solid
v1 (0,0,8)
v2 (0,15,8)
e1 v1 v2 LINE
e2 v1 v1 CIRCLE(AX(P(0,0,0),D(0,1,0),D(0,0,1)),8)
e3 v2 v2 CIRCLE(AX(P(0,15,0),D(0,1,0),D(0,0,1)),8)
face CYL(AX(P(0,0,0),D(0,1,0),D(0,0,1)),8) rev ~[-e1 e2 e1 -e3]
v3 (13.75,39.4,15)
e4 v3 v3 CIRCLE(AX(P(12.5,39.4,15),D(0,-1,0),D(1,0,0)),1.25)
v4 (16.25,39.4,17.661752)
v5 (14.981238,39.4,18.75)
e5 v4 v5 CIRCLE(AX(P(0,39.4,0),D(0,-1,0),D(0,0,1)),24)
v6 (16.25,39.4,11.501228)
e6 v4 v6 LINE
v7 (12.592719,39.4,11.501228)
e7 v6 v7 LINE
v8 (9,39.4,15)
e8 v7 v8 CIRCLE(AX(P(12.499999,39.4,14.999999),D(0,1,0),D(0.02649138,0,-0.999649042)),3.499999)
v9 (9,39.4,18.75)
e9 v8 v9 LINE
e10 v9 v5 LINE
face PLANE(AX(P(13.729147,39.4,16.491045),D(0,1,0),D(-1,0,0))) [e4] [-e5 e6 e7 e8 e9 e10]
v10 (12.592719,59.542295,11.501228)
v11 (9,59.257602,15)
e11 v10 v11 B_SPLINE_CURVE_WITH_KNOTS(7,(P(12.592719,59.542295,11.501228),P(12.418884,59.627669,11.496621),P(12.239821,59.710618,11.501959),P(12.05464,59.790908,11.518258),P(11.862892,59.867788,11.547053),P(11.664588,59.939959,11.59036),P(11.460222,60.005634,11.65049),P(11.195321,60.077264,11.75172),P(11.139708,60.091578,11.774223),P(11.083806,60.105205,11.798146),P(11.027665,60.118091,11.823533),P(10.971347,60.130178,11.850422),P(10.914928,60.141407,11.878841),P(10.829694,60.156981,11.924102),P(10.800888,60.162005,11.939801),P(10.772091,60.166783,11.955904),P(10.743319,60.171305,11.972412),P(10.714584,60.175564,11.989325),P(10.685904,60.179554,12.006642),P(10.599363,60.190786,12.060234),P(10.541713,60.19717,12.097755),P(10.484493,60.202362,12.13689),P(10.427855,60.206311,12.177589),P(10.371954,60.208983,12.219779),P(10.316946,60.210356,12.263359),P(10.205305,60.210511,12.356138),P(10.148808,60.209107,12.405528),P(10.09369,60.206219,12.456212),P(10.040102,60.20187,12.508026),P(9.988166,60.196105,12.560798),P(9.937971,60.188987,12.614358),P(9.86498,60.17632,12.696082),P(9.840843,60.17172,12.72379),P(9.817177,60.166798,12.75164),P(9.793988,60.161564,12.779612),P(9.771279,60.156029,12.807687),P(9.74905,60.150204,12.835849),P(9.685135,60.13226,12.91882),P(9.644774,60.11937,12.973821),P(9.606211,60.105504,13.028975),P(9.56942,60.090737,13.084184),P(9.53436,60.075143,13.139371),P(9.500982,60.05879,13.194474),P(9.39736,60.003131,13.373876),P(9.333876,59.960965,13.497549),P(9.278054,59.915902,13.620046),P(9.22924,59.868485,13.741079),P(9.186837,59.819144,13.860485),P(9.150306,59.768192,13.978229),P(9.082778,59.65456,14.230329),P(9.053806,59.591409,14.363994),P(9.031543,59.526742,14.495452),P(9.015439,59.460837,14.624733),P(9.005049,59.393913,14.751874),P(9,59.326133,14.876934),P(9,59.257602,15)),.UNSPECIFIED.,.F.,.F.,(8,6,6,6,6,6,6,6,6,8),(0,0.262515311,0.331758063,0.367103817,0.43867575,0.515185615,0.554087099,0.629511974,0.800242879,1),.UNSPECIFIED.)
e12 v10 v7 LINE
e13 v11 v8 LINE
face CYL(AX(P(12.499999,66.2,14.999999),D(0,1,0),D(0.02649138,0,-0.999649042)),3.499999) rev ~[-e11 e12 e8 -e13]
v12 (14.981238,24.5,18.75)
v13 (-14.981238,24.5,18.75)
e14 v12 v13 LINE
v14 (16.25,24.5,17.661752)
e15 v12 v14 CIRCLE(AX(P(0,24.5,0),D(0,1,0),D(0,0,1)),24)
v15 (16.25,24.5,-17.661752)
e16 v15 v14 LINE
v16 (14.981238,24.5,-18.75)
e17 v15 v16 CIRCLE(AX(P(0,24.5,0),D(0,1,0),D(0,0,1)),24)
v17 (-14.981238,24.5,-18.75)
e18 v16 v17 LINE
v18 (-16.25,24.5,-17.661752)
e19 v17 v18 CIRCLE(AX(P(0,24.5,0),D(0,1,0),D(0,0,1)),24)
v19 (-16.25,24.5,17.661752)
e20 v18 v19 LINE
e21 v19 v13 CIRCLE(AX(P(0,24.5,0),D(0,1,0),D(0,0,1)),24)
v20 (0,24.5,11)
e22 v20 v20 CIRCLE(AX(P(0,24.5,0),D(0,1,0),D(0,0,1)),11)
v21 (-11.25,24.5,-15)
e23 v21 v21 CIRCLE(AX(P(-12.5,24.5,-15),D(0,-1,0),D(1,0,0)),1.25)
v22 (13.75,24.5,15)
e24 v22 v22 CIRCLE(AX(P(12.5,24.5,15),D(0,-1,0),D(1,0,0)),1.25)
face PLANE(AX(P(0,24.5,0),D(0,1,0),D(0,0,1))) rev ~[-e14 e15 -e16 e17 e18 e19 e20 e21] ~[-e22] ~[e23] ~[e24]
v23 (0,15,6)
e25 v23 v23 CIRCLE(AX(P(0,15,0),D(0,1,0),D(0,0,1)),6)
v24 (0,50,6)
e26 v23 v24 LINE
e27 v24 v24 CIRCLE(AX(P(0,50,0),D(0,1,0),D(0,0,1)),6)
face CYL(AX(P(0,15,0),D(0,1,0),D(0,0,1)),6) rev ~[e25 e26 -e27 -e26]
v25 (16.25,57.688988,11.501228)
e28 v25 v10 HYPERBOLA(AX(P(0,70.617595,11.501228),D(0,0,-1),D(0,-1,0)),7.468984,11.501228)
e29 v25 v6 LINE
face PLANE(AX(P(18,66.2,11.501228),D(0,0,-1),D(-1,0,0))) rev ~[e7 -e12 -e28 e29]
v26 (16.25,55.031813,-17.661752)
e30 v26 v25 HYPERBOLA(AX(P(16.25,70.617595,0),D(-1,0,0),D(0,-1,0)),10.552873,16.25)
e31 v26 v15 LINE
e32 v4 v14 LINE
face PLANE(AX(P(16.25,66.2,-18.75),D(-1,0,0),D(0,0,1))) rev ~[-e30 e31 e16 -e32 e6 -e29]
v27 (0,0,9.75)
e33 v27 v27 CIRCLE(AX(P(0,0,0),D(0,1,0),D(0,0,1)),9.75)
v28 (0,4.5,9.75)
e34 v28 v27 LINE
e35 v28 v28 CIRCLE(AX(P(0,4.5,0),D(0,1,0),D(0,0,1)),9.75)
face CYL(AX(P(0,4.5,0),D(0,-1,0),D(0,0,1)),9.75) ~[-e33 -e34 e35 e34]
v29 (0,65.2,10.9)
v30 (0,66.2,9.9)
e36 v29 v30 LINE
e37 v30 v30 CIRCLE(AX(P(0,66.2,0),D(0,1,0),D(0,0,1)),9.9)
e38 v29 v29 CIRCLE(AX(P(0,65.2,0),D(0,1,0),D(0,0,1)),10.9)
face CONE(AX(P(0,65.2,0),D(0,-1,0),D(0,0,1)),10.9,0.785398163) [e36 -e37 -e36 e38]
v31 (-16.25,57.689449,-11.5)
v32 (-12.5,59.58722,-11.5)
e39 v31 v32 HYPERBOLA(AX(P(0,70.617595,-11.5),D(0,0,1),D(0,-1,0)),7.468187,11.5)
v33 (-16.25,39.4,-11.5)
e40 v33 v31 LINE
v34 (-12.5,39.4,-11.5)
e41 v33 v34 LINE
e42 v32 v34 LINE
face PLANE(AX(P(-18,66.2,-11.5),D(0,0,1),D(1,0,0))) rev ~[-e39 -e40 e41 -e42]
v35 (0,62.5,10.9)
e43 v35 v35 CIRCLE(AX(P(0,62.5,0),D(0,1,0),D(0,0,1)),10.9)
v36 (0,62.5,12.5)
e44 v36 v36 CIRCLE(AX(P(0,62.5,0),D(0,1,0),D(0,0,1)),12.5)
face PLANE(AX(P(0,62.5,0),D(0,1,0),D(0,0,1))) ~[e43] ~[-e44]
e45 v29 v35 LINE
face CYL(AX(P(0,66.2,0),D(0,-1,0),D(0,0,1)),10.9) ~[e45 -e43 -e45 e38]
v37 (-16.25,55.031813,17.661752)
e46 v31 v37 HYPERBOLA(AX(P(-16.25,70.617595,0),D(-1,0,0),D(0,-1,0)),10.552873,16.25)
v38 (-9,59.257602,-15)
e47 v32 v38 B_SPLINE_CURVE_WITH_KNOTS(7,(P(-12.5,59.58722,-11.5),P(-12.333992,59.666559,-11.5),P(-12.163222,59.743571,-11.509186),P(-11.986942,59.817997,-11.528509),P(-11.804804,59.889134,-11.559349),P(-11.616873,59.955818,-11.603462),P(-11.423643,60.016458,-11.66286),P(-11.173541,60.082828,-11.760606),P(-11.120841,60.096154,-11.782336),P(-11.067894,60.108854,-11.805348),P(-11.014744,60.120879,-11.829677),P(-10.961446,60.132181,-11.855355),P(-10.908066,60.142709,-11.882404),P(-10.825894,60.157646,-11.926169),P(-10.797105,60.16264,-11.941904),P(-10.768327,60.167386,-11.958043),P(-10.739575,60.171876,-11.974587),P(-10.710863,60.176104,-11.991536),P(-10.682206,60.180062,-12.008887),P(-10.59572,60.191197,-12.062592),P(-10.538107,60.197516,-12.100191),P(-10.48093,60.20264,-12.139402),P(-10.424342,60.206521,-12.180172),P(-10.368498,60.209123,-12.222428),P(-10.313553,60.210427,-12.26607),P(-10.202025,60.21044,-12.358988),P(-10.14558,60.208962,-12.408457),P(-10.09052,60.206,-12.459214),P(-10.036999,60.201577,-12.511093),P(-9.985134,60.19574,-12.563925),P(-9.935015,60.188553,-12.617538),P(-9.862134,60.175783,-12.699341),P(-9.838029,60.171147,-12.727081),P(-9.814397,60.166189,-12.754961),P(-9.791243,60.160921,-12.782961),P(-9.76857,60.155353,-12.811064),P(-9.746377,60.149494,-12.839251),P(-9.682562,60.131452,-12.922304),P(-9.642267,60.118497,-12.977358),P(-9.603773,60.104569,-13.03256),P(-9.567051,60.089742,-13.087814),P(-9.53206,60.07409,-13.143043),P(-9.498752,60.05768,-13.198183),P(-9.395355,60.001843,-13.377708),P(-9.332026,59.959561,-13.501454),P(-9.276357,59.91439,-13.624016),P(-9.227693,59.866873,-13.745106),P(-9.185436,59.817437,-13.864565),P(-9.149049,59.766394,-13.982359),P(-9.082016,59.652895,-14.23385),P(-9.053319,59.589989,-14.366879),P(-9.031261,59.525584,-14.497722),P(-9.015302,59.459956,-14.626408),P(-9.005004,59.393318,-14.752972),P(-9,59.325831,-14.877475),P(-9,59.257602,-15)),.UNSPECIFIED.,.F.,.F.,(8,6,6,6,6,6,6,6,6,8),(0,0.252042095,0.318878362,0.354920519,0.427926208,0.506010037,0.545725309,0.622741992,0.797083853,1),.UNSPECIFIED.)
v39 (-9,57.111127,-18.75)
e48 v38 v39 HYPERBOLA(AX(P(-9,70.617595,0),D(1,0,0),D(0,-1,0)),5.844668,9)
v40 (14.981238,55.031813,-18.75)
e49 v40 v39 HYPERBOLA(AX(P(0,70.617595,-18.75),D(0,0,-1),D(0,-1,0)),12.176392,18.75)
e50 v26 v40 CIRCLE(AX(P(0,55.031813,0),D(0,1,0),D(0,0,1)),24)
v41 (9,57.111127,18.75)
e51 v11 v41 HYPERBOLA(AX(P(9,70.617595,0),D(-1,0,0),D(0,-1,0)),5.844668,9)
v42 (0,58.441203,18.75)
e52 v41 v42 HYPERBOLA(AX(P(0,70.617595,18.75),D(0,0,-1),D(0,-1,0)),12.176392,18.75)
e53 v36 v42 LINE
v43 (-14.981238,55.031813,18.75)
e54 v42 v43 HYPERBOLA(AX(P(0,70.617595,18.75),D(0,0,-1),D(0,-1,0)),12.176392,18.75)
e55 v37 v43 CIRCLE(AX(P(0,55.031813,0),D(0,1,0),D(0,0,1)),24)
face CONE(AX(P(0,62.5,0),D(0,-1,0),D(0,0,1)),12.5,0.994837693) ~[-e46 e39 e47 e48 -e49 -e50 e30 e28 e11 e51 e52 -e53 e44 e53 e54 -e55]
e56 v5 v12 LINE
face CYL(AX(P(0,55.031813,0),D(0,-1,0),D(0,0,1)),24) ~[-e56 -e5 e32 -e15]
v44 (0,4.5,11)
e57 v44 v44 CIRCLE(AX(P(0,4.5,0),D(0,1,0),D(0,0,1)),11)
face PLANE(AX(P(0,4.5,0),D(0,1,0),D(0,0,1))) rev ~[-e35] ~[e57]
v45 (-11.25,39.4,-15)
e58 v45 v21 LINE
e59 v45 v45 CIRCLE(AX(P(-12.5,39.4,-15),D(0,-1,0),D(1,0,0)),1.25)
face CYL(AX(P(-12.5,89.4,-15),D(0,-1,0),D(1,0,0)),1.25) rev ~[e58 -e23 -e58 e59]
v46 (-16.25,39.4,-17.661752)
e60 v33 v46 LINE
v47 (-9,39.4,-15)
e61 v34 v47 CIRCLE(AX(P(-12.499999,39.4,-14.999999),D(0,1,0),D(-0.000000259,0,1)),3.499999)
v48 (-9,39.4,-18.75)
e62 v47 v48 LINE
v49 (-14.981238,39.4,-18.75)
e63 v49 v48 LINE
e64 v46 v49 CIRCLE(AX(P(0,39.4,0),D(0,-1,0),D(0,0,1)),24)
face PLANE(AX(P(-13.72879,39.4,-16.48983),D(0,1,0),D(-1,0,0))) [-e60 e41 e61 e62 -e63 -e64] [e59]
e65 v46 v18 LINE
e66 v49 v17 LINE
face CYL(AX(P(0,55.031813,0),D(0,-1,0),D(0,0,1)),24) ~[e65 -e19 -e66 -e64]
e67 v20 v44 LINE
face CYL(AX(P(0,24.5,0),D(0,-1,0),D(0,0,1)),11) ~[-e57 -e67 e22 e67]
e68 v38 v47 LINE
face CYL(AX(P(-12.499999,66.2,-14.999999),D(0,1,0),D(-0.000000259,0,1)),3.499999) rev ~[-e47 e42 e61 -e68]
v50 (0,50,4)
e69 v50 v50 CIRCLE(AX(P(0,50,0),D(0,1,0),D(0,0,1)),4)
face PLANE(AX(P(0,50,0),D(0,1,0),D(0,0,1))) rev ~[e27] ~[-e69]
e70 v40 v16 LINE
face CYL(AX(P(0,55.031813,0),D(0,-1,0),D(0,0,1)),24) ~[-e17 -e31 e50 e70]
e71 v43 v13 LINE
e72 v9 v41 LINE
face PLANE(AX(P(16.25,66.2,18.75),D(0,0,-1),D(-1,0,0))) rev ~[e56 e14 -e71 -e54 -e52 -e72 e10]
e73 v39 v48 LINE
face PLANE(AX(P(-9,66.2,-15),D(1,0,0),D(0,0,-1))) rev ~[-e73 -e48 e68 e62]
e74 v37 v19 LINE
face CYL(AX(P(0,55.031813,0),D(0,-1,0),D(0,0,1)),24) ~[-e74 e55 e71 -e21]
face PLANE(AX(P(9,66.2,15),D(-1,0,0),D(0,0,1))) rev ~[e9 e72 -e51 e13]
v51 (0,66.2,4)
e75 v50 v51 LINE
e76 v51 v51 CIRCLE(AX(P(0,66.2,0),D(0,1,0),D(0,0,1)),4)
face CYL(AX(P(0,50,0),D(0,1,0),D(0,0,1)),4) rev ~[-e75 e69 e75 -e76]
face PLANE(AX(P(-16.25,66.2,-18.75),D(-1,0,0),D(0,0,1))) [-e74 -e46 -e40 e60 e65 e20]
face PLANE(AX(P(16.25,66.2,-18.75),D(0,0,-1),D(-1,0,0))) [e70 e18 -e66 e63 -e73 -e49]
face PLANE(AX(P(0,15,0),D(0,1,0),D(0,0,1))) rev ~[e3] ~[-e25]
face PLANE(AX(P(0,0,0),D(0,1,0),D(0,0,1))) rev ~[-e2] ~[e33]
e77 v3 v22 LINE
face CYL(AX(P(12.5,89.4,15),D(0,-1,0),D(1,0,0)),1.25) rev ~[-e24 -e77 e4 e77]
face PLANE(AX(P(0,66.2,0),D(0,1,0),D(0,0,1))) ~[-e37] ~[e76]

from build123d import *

# Parameters (mm, degrees)
F2_W     = 79.127467
F2_H     = 78.408126
F2_W_2   = 32.5
F2_H_2   = 37.5
F3_DEPTH = 66.201
F5_DEPTH = 26.8
F7_D     = 2.5
F7_DEPTH = 50
F8_SIZE  = 1


with BuildPart() as f1:
    # F0 (on Right) → F1 (revolve)
    with BuildSketch(Plane.YZ):
        Polygon((24.5, 11), (4.5, 11), (4.5, 9.75), (0, 9.75), (0, 8), (15, 8), (15, 6), (50, 6), (50, 4), (66.2, 4), (66.2, 10.9), (62.5, 10.9), (62.5, 12.5), (55.031813, 24), (24.5, 24), align=None)
    revolve(axis=Axis((0, 44.76735, 0), (0, 1, 0)))

    # F2 (on face) → F3 (cut, through all)
    with BuildSketch(Plane(origin=(0, 66.2, 0), x_dir=(-1, 0, 0), z_dir=(0, 1, 0))):
        with Locations((1.602461, -2.474608)):
            Rectangle(F2_W, F2_H)
        Rectangle(F2_W_2, F2_H_2, mode=Mode.SUBTRACT)
    extrude(amount=-F3_DEPTH, mode=Mode.SUBTRACT)

    # F4 (on face) → F5 (cut)
    with BuildSketch(Plane(origin=(0, 66.2, 0), x_dir=(-1, 0, 0), z_dir=(0, 1, 0))):
        with BuildLine():
            Line((-18, 11.501228), (-12.592719, 11.501228))
            ThreePointArc((-12.592719, 11.501228), (-10.058127, 12.492559), (-9, 15))
            Line((-9, 15), (-9, 21))
            Line((-9, 21), (-18, 21))
            Line((-18, 21), (-18, 11.501228))
        make_face()
        with BuildLine():
            Line((18, -11.5), (12.5, -11.5))
            ThreePointArc((12.5, -11.5), (10.025126, -12.525126), (9, -15))
            Line((9, -15), (9, -21))
            Line((9, -21), (18, -21))
            Line((18, -21), (18, -11.5))
        make_face()
    extrude(amount=-F5_DEPTH, mode=Mode.SUBTRACT)

    # F7
    with Locations(Plane(origin=(0, 39.4, 0), x_dir=(-1, 0, 0), z_dir=(0, 1, 0))):
        with Locations((-12.5, 15), (12.5, -15)):
            Hole(F7_D / 2, depth=F7_DEPTH)

    # F8
    f8_edges = [f1.edges().sort_by_distance(p)[0] for p in [
        (0, 66.2, -10.9),
    ]]
    chamfer(f8_edges, length=F8_SIZE)


solid = f1.part
